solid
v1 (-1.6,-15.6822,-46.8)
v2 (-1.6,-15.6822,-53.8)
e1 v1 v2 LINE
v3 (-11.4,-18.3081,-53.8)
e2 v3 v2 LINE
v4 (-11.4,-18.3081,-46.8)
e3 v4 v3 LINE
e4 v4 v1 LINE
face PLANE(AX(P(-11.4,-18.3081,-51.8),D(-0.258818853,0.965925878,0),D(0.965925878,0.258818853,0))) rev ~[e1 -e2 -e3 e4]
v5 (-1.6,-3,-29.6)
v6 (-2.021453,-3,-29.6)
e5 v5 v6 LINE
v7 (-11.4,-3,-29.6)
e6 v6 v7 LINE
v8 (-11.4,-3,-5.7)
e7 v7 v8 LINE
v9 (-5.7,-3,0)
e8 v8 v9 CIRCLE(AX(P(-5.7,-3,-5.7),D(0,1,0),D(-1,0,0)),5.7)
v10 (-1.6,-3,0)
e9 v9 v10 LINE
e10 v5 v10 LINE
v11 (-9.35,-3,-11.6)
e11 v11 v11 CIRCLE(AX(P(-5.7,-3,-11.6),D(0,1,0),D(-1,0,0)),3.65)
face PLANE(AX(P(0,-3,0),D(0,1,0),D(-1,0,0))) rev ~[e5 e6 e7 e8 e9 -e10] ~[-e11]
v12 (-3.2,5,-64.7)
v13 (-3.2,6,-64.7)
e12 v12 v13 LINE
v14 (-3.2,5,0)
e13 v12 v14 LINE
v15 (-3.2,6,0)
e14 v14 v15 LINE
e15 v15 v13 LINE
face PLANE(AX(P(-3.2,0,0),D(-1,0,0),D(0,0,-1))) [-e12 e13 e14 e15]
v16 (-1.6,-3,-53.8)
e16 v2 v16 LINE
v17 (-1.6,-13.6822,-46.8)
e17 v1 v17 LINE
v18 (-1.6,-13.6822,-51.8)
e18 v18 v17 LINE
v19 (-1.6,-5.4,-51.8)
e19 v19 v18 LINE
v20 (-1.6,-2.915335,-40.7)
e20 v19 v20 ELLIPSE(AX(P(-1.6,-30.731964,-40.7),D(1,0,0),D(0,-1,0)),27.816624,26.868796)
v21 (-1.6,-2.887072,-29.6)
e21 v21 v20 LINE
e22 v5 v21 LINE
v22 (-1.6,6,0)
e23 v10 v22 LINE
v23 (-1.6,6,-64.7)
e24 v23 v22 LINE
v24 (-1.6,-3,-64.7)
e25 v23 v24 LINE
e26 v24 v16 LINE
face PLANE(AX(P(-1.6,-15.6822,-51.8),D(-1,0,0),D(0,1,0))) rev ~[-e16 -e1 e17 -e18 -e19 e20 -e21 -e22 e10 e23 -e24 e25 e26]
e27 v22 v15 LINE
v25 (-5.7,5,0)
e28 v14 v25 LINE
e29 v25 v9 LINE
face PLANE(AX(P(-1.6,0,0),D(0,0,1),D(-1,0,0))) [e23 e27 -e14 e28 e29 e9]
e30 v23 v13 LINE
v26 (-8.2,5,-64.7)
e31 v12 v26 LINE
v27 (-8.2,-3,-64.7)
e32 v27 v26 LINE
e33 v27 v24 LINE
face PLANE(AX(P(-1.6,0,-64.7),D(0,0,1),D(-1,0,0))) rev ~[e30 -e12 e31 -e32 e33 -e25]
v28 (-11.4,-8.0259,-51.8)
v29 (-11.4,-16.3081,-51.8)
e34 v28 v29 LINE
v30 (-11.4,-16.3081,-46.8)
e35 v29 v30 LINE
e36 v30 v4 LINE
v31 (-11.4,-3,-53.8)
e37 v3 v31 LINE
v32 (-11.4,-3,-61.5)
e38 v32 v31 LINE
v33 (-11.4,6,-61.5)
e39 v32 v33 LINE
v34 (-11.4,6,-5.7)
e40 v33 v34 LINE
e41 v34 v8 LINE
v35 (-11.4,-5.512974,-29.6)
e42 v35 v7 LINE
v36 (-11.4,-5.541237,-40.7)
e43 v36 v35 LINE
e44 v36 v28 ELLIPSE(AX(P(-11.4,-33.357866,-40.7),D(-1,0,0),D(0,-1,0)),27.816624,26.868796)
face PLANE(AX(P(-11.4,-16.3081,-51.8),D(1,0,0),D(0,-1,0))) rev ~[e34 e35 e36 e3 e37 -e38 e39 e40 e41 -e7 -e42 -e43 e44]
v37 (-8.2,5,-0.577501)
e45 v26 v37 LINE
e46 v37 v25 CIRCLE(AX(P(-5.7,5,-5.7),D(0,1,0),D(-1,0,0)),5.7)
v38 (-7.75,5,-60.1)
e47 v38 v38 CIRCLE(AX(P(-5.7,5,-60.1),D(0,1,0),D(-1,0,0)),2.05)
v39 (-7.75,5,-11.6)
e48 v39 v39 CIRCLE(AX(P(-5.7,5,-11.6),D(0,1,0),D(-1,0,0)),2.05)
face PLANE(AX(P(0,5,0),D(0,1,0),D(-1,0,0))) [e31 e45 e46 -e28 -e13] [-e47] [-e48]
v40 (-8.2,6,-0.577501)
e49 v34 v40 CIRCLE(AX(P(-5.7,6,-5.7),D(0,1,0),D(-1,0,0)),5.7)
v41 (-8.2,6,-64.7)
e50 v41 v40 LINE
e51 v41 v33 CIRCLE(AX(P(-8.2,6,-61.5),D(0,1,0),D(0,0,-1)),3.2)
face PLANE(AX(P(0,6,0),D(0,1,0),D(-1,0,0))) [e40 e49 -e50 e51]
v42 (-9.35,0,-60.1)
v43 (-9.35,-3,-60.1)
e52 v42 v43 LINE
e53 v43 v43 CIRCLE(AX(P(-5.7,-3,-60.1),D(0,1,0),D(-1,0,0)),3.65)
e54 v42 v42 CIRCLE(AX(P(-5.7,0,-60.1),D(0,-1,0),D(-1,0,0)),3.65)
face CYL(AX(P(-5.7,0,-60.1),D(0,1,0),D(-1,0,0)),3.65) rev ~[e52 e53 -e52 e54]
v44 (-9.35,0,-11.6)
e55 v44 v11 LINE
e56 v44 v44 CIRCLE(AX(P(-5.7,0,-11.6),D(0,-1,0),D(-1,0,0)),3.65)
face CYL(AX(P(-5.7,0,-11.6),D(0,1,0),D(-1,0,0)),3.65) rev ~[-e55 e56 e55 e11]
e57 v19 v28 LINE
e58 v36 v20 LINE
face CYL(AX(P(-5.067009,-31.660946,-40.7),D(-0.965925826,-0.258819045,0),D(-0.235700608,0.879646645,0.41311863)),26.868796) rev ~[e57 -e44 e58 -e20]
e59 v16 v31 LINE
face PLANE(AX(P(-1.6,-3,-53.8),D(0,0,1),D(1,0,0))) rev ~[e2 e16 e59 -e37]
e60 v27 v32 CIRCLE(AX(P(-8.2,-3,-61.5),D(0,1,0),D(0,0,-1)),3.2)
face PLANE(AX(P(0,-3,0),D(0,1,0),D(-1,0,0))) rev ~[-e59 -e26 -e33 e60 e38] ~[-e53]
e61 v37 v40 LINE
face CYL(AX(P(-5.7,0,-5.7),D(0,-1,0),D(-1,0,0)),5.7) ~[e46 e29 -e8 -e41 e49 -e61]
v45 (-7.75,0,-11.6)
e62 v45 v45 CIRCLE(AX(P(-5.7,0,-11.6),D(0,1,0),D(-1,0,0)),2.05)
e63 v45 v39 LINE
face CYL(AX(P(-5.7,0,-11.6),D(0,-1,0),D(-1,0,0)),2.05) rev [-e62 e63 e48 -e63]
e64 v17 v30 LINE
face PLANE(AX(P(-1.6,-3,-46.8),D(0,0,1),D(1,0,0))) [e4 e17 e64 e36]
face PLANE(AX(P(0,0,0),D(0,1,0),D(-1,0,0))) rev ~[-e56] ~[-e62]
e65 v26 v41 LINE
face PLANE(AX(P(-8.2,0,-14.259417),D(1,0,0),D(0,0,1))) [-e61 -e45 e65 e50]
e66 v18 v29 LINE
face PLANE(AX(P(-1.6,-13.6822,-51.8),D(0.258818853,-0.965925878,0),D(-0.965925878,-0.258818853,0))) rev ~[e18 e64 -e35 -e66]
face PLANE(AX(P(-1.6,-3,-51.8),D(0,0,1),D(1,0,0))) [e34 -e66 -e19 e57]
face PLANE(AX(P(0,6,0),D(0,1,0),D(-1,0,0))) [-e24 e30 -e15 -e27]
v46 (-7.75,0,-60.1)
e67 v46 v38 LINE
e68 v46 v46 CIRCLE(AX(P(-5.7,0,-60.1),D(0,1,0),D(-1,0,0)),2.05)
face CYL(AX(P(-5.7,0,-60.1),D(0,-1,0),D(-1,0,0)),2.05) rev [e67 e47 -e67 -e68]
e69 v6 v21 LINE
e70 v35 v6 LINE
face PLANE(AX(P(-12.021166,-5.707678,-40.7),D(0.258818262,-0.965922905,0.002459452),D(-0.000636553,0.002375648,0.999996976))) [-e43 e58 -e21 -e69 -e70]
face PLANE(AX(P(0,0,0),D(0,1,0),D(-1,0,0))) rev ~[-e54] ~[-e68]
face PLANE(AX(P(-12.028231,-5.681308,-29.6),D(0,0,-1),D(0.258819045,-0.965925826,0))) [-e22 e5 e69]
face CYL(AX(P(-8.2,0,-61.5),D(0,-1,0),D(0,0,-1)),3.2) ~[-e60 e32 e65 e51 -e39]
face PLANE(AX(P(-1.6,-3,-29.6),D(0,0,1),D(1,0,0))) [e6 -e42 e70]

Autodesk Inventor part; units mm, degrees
ref_plane "YZ Plane" through (0, 0, 0) normal (1, 0, 0) x (0, 1, 0)
sketch "Sketch1" plane through (0, 0, 0) normal (0, 1, 0) x (-1, 0, 0)
  line L0 (0, 0) -> (11.4, 0) construction
  line L1 (11.4, 0) -> (11.4, -64.7) construction
  line L2 (11.4, -64.7) -> (0, -64.7) construction
  line L3 (0, -64.7) -> (0, 0) construction
  line L4 (5.7, 0) -> (5.7, -64.7) construction
  line L5 (11.4, -32.35) -> (0, -32.35) construction
  circle A0 centre (5.7, -11.6) radius 1.6 construction
  circle A1 centre (5.7, -11.6) radius 2.05
  circle A2 centre (5.7, -21.3) radius 1.6 construction
  circle A3 centre (5.7, -21.3) radius 2.05 construction
  circle A4 centre (5.7, -31) radius 1.6 construction
  circle A5 centre (5.7, -31) radius 2.05 construction
  circle A6 centre (5.7, -40.7) radius 1.6 construction
  circle A7 centre (5.7, -40.7) radius 2.05 construction
  circle A8 centre (5.7, -50.4) radius 1.6 construction
  circle A9 centre (5.7, -50.4) radius 2.05 construction
  circle A10 centre (5.7, -60.1) radius 1.6 construction
  circle A11 centre (5.7, -60.1) radius 2.05
  line L6 (8.2, 0) -> (3.2, 0) construction
  line L7 (3.2, 0) -> (3.2, -64.7)
  line L8 (3.2, -64.7) -> (8.2, -64.7) construction
  line L9 (8.2, -64.7) -> (8.2, 0)
  circle A12 centre (5.7, -11.6) radius 2.5 construction
  circle A13 centre (5.7, -5.7) radius 5.7 construction
  circle A14 centre (8.2, -61.5) radius 3.2 construction
  line L10 (0, -64.7) -> (3.2, -64.7) construction
  line L11 (1.6, -64.7) -> (1.6, 0)
  circle A15 centre (5.7, -60.1) radius 3.65
  circle A16 centre (5.7, -50.4) radius 3.65 construction
  circle A17 centre (5.7, -40.7) radius 3.65 construction
  circle A18 centre (5.7, -31) radius 3.65 construction
  circle A19 centre (5.7, -21.3) radius 3.65 construction
  circle A20 centre (5.7, -11.6) radius 3.65
  arc A21 (8.2, -64.7) -> (11.4, -61.5) centre (8.2, -61.5) ccw
  arc A22 (11.4, -5.7) -> (5.7, 0) centre (5.7, -5.7) ccw
  line L12 (11.4, -61.5) -> (11.4, -5.7)
  line L13 (1.6, -64.7) -> (8.2, -64.7)
  line L14 (1.6, 0) -> (5.7, 0)
  point P0 (5.7, -10)
  point P1 (5.7, -61.7)
  point P2 (8.2, -0.5775)
  dimension "d0" = 3.2
  dimension "d1" = 4.1
  dimension "d4" = 9.7
  dimension "d9" = 6.5
  dimension "d10" = 10
  dimension "d11" = 3
  dimension "d12" = 0.9
  dimension "d13" = 3.2
  dimension "d14" = 7.3
  dimension "d39" = 48.5
extrude "Extrusion1" add sketch "Sketch1" along normal blind 6 contours L7 A20 A15 L13 L11 L14 | L7 A20 | A20 L9 | L9 A22 L12 A21 A15 A20 | L7 A15 | A15 L9
extrude "Extrusion3" add sketch "Sketch1" along normal blind 5 contours L14 A22 L9 A20 L7 | A20 L9 L7 | A20 L9 A15 L7 | A15 L9 L7 | L7 A15 L9 L13
extrude "Extrusion2" add sketch "Sketch1" against normal blind 3 contours L14 A22 L9 A20 L7 | L7 A20 A15 L13 L11 L14 | A20 L9 A15 L7 | L9 A22 L12 A21 A15 A20 | L7 A15 L9 L13
sketch "Sketch2" plane through (0, -3, 0) normal (0, -1, 0) x (1, 0, 0)
  line L0 (-1.6, -64.7) -> (-1.6, 0) construction
  circle A0 centre (-5.7, -11.6) radius 3.65 construction
  circle A1 centre (-5.7, -60.1) radius 3.65 construction
  line L1 (-11.4, -5.7) -> (-11.4, -61.5) construction
  arc A2 (-11.4, -61.5) -> (-8.2, -64.7) centre (-8.2, -61.5) ccw construction
  line L2 (-8.2, -64.7) -> (-1.6, -64.7) construction
  arc A3 (-5.7, 0) -> (-11.4, -5.7) centre (-5.7, -5.7) ccw construction
  line L3 (-1.6, 0) -> (-5.7, 0) construction
  line L4 (-5.7, -60.1) -> (-5.7, -11.6) construction
  circle A4 centre (-5.7, -55.25) radius 4.85 construction
  circle A5 centre (-5.7, -45.55) radius 4.85 construction
  circle A6 centre (-5.7, -35.85) radius 4.85 construction
  circle A7 centre (-5.7, -26.15) radius 4.85 construction
  circle A8 centre (-5.7, -16.45) radius 4.85 construction
  line L5 (0, -51.8) -> (-11.4, -51.8) construction
  line L6 (-11.4, -51.8) -> (-11.4, -29.6) construction
  line L7 (-11.4, -29.6) -> (0, -29.6) construction
  line L8 (0, -29.6) -> (0, -51.8) construction
  line L9 (0, -51.8) -> (-11.4, -29.6) construction
  line L10 (-11.4, -51.8) -> (0, -29.6) construction
  line L11 (0, -27.1) -> (-11.4, -27.1) construction
  line L12 (-11.4, -27.1) -> (-11.4, -54.3) construction
  line L13 (-11.4, -54.3) -> (0, -54.3) construction
  line L14 (0, -54.3) -> (0, -27.1) construction
  line L15 (0, -27.1) -> (-11.4, -54.3) construction
  line L16 (-11.4, -27.1) -> (0, -54.3) construction
  line L17 (-11.4, -54.3) -> (-1.6, -54.3)
  line L18 (-1.6, -54.3) -> (-1.6, -51.8)
  line L19 (-1.6, -51.8) -> (-11.4, -51.8)
  line L20 (-11.4, -51.8) -> (-11.4, -54.3)
  point P0 (0, 0)
  point P1 (-5.7, -50.4)
  point P2 (-5.7, -40.7)
  point P3 (-5.7, -31)
  point P4 (-5.7, -21.3)
  dimension "d21" = 22.2
  dimension "d22" = 2.5
ref_plane "Work Plane1" through (-1.6, -3, -51.8) normal (0, 0, 1) x (1, 0, 0)
sketch "Sketch3" plane through (-1.6, -3, -51.8) normal (0, 0, 1) x (1, 0, 0)
  line L0 (0, 0) -> (-9.8, 0) projected
  line L1 (0, 0) -> (0, -2.4)
  line L2 (0, -2.4) -> (-9.8, -5.0259)
  line L3 (-9.8, -5.0259) -> (-9.8, 0)
  line L4 (0, -2.4) -> (-9.8, -2.4) construction
  line L5 (0, -2.4) -> (0, -10.6822)
  line L6 (0, -10.6822) -> (-9.8, -13.3081)
  line L7 (-9.8, -13.3081) -> (-9.8, -5.0259)
  line L8 (-9.8, -13.3081) -> (-9.8, -15.3081)
  line L9 (-9.8, -15.3081) -> (0, -12.6822)
  line L10 (0, -12.6822) -> (0, -10.6822)
  line L11 (-9.8, -5.0259) -> (-7.7294, -12.7533) construction
  point P0 (1.6, 3)
  dimension "d23" = 2.4
  dimension "d24" = 15
  dimension "d25" = 9.8
  dimension "d26" = 2
  dimension "d27" = 8
extrude "Extrusion4" add sketch "Sketch3" against normal blind 2
extrude "Extrusion5" add sketch "Sketch3" along normal blind 22.2 contours L1 L2 L3 L0
ref_plane "Work Plane2" through (-11.4, -8.0259, -51.8) normal (-0.9659, -0.2588, 0) x (0.2588, -0.9659, 0)
sketch "Sketch4" plane through (-11.4, -8.0259, -51.8) normal (-0.9659, -0.2588, 0) x (0.2588, -0.9659, 0)
  line L0 (0, 0) -> (0, 22.2) projected
  arc A0 (0, 22.2) -> (0, 0) centre (24.4688, 11.1) ccw
  line L1 (-2.4, 11.1) -> (-2.4273, 22.2)
  line L2 (-4.8546, 22.2) -> (0, 22.2) projected
  line L3 (0, 22.2) -> (-2.4273, 22.2)
  point P0 (-4.8019, 51.8)
  point P1 (0, 11.1)
  dimension "d32" = 2.4
extrude "Extrusion6" cut sketch "Sketch4" against normal through all
extrude "Extrusion7" add sketch "Sketch3" along normal blind 5 contours L10 L9 L8 L6
properties part number "Right-Brush-Bottom"
